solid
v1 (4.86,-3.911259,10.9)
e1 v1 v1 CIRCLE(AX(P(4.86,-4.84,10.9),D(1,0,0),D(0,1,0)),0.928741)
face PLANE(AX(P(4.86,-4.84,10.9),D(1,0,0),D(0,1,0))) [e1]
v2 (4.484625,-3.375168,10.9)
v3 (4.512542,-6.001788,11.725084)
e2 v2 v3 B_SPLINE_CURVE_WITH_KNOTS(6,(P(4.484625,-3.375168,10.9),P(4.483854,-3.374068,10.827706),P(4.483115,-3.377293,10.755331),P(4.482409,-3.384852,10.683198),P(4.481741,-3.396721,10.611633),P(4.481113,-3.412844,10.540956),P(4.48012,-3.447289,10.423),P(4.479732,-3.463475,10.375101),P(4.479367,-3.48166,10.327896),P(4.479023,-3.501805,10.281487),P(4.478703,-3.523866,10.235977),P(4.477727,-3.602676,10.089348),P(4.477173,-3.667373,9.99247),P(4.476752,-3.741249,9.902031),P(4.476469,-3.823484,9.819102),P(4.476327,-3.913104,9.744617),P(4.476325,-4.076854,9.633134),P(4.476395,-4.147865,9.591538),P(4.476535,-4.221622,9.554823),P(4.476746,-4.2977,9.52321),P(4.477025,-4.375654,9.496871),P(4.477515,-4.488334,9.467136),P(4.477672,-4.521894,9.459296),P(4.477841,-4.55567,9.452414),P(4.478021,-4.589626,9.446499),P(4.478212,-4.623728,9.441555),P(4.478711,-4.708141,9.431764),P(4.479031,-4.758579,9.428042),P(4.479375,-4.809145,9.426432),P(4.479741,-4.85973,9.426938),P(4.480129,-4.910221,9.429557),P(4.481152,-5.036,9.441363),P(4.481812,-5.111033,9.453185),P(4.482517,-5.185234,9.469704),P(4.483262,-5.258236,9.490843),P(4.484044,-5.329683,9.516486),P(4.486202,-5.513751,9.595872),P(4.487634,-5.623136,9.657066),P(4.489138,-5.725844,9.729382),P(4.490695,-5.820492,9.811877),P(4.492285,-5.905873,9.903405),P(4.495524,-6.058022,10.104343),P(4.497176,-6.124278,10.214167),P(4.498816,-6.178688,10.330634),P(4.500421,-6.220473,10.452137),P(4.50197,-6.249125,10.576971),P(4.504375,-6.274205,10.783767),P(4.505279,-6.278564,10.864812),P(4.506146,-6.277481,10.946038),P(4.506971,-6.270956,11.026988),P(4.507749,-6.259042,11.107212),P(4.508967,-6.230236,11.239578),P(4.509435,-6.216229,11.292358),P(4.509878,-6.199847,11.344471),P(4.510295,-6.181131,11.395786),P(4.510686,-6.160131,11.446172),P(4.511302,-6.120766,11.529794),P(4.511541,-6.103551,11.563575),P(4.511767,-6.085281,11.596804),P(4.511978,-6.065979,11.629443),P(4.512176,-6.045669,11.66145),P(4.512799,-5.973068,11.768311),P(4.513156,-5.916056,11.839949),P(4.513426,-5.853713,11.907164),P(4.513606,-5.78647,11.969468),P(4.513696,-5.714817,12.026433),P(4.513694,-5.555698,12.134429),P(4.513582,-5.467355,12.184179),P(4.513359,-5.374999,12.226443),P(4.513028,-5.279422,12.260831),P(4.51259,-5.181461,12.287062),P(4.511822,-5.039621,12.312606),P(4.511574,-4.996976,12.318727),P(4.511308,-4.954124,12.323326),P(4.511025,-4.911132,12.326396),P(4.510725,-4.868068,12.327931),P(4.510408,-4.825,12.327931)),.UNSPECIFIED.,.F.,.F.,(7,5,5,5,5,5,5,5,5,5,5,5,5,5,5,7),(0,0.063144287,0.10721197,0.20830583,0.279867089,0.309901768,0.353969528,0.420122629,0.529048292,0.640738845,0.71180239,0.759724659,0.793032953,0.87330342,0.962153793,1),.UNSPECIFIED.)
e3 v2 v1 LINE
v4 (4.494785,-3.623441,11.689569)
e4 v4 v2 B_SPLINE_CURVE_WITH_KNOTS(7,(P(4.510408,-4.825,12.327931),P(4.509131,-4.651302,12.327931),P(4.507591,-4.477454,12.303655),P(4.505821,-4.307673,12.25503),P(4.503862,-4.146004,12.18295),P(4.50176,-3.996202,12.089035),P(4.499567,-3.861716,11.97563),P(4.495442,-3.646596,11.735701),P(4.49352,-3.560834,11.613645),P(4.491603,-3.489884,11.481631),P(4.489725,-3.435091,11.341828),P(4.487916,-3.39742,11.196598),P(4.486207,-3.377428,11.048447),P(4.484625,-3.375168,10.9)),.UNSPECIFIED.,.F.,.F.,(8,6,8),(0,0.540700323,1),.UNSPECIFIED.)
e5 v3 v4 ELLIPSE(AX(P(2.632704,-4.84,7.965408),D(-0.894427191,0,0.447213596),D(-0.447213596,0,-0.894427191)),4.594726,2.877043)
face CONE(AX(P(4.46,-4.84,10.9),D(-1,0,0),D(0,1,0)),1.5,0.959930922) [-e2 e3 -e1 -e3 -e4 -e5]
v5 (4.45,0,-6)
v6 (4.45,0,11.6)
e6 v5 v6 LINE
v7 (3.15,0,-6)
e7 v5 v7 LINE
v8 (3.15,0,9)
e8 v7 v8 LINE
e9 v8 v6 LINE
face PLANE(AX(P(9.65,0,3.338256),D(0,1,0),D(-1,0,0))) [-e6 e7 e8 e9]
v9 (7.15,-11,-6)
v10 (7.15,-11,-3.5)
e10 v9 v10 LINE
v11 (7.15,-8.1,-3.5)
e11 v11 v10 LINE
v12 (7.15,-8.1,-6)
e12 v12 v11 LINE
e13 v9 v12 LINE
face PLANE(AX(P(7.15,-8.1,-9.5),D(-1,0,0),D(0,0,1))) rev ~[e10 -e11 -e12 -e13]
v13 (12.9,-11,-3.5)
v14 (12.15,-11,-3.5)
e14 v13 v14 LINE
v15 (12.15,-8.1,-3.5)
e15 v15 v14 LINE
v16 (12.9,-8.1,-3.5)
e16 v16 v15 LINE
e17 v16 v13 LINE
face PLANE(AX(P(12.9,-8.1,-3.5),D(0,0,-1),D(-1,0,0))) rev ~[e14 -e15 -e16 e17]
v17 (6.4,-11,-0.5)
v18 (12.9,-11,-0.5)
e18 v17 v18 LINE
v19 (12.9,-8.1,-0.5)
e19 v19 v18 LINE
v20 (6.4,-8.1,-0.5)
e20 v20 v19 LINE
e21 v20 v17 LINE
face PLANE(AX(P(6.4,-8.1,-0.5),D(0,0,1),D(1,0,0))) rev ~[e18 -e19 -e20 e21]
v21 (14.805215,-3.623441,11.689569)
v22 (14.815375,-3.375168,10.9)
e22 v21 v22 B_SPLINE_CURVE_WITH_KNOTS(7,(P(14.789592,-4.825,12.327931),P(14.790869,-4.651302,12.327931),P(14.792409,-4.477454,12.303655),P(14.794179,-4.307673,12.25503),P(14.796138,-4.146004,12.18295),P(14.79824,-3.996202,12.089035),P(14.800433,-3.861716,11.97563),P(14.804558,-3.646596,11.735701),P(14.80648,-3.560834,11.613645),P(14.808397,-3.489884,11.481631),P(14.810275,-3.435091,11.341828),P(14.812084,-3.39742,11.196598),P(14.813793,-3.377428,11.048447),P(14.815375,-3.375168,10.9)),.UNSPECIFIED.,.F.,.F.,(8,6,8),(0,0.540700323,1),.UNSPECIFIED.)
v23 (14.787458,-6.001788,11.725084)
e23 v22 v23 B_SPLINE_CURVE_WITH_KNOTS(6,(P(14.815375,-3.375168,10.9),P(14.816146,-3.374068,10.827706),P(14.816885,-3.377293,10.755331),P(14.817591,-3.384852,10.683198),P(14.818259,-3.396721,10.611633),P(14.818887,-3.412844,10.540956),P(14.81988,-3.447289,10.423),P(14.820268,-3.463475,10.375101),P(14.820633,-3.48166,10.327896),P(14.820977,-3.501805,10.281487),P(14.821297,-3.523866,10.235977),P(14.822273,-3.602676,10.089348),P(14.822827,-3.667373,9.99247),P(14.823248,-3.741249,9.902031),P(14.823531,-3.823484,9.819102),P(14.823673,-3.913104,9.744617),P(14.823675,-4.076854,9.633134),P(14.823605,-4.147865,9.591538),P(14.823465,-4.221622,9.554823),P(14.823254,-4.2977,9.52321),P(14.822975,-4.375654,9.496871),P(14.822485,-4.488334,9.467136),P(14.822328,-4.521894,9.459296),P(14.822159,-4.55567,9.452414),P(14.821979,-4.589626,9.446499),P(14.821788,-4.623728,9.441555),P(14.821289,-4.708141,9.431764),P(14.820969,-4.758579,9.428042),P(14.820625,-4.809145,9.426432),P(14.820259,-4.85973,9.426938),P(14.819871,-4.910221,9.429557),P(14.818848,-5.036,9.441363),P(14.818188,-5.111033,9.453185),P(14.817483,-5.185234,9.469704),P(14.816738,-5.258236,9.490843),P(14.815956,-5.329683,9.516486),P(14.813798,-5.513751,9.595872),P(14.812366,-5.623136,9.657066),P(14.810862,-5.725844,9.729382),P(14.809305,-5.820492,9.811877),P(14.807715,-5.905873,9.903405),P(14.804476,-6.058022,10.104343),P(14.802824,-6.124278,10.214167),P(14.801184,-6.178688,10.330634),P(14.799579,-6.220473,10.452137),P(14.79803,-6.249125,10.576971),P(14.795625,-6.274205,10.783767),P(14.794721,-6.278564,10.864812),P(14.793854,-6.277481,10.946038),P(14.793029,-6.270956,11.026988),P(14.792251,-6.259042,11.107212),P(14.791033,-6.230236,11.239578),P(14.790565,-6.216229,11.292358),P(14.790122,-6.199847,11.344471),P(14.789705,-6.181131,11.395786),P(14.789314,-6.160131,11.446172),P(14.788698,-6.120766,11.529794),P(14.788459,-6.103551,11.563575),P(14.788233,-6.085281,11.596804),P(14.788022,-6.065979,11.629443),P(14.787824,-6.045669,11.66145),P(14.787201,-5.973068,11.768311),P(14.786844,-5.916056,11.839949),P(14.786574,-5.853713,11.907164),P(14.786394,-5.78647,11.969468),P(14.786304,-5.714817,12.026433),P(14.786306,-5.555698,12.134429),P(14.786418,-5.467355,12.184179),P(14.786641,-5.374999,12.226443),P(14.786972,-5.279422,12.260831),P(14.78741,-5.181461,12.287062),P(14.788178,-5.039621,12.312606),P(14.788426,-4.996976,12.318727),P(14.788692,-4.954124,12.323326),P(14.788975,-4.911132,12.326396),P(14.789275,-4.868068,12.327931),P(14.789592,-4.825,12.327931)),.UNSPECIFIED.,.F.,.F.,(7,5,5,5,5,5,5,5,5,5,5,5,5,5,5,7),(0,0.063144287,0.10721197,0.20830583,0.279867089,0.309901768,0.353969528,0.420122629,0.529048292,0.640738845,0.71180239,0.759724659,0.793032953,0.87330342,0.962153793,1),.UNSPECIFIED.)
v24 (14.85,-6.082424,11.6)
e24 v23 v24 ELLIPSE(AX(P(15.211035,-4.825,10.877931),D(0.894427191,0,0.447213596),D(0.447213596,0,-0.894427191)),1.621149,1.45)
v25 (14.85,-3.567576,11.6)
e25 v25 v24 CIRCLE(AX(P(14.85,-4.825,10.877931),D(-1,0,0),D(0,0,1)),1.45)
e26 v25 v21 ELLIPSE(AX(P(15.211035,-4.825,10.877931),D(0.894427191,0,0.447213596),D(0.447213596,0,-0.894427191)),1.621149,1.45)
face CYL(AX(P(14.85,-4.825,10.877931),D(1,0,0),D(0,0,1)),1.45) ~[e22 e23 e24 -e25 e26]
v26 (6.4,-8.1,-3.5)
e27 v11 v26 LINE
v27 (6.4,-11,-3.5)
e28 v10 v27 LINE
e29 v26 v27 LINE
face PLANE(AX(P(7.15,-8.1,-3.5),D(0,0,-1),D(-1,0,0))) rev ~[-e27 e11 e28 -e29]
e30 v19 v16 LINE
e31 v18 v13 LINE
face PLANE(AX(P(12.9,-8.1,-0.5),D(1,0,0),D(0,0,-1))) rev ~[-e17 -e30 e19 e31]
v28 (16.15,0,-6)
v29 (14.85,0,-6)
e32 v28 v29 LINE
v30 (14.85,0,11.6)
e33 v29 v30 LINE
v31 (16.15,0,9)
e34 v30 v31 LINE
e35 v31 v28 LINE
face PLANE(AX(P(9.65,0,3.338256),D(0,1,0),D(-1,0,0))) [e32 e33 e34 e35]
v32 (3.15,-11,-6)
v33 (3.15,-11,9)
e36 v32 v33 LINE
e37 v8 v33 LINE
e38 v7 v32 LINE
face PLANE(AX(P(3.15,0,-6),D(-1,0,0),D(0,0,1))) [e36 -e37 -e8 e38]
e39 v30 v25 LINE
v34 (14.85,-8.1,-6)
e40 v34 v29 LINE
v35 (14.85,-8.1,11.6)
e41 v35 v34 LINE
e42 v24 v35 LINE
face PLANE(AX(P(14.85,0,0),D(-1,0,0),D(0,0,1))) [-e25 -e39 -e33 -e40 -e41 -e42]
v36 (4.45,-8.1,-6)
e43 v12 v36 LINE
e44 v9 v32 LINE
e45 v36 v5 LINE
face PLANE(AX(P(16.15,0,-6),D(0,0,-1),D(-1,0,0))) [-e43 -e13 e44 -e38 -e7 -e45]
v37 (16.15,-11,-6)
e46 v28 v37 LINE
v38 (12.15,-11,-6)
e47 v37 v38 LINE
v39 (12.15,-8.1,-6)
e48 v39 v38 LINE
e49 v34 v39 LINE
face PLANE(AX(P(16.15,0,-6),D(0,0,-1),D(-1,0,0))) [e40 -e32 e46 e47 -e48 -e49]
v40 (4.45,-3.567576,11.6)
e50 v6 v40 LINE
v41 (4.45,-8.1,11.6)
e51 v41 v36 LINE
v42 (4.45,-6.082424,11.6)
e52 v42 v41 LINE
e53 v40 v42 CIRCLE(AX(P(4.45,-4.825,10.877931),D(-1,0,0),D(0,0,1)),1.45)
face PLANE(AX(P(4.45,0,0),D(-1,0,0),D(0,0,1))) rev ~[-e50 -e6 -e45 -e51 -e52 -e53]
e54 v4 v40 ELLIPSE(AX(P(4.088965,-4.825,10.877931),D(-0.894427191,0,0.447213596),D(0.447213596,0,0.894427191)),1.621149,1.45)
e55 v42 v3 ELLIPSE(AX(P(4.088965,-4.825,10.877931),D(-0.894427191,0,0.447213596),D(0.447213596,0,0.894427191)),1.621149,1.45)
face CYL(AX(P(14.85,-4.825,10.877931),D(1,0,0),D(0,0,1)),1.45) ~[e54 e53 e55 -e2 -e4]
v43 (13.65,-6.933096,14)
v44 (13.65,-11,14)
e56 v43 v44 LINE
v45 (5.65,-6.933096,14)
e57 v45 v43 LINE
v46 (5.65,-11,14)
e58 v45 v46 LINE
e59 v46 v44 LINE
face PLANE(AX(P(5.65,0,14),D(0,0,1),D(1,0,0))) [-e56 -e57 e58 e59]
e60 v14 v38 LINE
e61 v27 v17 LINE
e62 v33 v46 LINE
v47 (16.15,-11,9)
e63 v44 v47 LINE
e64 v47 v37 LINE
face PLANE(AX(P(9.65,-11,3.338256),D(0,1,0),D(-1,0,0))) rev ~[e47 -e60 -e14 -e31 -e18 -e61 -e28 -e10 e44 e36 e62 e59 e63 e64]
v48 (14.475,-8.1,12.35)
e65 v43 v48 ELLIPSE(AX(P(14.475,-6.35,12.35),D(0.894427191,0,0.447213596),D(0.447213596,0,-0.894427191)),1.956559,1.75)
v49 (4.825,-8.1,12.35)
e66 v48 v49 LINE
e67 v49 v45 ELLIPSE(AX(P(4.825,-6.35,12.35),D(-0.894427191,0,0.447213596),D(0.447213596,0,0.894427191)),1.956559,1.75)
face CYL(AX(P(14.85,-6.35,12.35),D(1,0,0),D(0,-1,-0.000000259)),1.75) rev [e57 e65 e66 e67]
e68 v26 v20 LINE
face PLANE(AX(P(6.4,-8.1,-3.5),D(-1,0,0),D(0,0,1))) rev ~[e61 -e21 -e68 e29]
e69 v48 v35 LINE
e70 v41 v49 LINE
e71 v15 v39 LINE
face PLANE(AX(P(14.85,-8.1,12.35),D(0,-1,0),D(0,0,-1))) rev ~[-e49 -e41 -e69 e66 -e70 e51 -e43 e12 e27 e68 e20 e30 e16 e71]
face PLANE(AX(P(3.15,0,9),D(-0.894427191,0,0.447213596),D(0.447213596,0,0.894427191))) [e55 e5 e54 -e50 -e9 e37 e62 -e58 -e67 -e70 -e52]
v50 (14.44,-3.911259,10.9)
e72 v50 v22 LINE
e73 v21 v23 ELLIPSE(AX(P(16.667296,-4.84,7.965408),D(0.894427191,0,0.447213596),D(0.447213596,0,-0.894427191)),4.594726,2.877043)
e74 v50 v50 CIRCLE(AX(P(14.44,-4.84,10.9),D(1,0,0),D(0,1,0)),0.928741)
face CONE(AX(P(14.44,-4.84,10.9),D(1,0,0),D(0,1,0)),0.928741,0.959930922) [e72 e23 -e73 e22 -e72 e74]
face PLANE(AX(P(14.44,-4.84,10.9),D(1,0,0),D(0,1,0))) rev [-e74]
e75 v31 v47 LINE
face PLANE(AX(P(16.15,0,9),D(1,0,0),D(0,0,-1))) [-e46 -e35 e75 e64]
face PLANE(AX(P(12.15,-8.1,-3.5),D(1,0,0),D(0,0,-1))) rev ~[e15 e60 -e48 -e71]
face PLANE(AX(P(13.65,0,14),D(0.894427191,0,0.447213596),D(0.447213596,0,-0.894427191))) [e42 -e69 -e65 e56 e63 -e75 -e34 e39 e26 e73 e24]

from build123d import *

# Parameters (mm, degrees)
SKETCH256_R             = 1.45
PAD243_DEPTH            = 10.4
SKETCH257_W             = 2.9
SKETCH257_H             = 4.1
PAD244_DEPTH            = 3
SKETCH258_W             = 0.8
SKETCH258_H             = 6.4
PAD245_DEPTH            = 10
PAD246_DEPTH            = 3
BODY085_PLACEMENT_ANGLE = 90
PAD242_DEPTH            = 11


with BuildPart() as body086:
    # Sketch260 → Revolution010 (revolve)
    with BuildSketch(Plane.XY):
        Polygon((5.19, 1.5), (-5.19, 1.5), (-4.79, 0.928741), (-4.79, 0), (4.79, 0), (4.79, 0.928741), align=None)
    revolve(axis=Axis((0, 0, 0), (1, 0, 0)))


with BuildPart() as body086_1:
    # Body086 placement: moved
    add(body086.part.moved(Location((9.65, -4.84, 10.9))))


with BuildPart() as switch039:
    # Sketch256 → Pad243 (new body)
    with BuildSketch(Plane.XY):
        with BuildLine():
            ThreePointArc((-12.35, 8.1), (-13.587437, 7.587437), (-14.1, 6.35))
            Line((-14.1, -6.35), (-14.1, 6.35))
            ThreePointArc((-14.1, -6.35), (-13.587437, -7.587437), (-12.35, -8.1))
            Line((12.35, -8.1), (-12.35, -8.1))
            ThreePointArc((12.35, -8.1), (13.587437, -7.587437), (14.1, -6.35))
            Line((14.1, 6.35), (14.1, -6.35))
            ThreePointArc((14.1, 6.35), (13.587437, 7.587437), (12.35, 8.1))
            Line((-12.35, 8.1), (12.35, 8.1))
        make_face()
        with Locations((10.877931, -4.825)):
            Circle(SKETCH256_R, mode=Mode.SUBTRACT)
        with Locations((-10.877931, 4.825)):
            Circle(SKETCH256_R, mode=Mode.SUBTRACT)
    extrude(amount=PAD243_DEPTH)

    # Sketch257 (on Face8 of Pad243) → Pad244 (join)
    with BuildSketch(Plane(origin=(0, 8.1, 0), x_dir=(-1, 0, 0), z_dir=(0, 1, 0))):
        with Locations((-9.45, 5.2)):
            Rectangle(SKETCH257_W, SKETCH257_H)
    extrude(amount=PAD244_DEPTH)

    # Sketch258 (on Face3 of Pad244) → Pad245 (join)
    with BuildSketch(Plane(origin=(-14.1, 0, 0), x_dir=(0, -1, 0), z_dir=(-1, 0, 0))):
        with Locations((4.3, 5.2)):
            Rectangle(SKETCH258_W, SKETCH258_H)
    extrude(amount=PAD245_DEPTH)

    # Sketch259 (on Face16 of Pad245) → Pad246 (join)
    with BuildSketch(Plane.XZ.offset(8.1)):
        Polygon((-3.5, 8.45), (-0.5, 8.45), (-0.5, 1.95), (-3.5, 1.95), (-3.5, 2.7), (-9.5, 2.7), (-9.5, 7.7), (-3.5, 7.7), align=None)
    extrude(amount=PAD246_DEPTH)


with BuildPart() as switch039_1:
    # Body085 placement: moved
    add(switch039.part.moved(Location((14.15, 0, 0))).rotate(Axis((14.15, 0, 0), (0, -1, 0)), BODY085_PLACEMENT_ANGLE))


with BuildPart() as cut028:
    # Sketch255 → Pad242 (new body)
    with BuildSketch(Plane.XZ):
        Polygon((-4, 7.5), (4, 7.5), (6.5, 2.5), (6.5, -12.5), (-6.5, -12.5), (-6.5, 2.5), align=None)
    extrude(amount=PAD242_DEPTH)


with BuildPart() as cut028_1:
    # Body084 placement: moved
    add(cut028.part.moved(Location((8.95, 0, 6.5))))

    # Cut027: cut switch039
    add(switch039_1.part, mode=Mode.SUBTRACT)


with BuildPart() as cut028_2:
    # Cut027 placement: moved
    add(cut028_1.part.moved(Location((0.7, 0, 0))))

    # Cut028: cut Body086
    add(body086_1.part, mode=Mode.SUBTRACT)


solid = cut028_2.part
